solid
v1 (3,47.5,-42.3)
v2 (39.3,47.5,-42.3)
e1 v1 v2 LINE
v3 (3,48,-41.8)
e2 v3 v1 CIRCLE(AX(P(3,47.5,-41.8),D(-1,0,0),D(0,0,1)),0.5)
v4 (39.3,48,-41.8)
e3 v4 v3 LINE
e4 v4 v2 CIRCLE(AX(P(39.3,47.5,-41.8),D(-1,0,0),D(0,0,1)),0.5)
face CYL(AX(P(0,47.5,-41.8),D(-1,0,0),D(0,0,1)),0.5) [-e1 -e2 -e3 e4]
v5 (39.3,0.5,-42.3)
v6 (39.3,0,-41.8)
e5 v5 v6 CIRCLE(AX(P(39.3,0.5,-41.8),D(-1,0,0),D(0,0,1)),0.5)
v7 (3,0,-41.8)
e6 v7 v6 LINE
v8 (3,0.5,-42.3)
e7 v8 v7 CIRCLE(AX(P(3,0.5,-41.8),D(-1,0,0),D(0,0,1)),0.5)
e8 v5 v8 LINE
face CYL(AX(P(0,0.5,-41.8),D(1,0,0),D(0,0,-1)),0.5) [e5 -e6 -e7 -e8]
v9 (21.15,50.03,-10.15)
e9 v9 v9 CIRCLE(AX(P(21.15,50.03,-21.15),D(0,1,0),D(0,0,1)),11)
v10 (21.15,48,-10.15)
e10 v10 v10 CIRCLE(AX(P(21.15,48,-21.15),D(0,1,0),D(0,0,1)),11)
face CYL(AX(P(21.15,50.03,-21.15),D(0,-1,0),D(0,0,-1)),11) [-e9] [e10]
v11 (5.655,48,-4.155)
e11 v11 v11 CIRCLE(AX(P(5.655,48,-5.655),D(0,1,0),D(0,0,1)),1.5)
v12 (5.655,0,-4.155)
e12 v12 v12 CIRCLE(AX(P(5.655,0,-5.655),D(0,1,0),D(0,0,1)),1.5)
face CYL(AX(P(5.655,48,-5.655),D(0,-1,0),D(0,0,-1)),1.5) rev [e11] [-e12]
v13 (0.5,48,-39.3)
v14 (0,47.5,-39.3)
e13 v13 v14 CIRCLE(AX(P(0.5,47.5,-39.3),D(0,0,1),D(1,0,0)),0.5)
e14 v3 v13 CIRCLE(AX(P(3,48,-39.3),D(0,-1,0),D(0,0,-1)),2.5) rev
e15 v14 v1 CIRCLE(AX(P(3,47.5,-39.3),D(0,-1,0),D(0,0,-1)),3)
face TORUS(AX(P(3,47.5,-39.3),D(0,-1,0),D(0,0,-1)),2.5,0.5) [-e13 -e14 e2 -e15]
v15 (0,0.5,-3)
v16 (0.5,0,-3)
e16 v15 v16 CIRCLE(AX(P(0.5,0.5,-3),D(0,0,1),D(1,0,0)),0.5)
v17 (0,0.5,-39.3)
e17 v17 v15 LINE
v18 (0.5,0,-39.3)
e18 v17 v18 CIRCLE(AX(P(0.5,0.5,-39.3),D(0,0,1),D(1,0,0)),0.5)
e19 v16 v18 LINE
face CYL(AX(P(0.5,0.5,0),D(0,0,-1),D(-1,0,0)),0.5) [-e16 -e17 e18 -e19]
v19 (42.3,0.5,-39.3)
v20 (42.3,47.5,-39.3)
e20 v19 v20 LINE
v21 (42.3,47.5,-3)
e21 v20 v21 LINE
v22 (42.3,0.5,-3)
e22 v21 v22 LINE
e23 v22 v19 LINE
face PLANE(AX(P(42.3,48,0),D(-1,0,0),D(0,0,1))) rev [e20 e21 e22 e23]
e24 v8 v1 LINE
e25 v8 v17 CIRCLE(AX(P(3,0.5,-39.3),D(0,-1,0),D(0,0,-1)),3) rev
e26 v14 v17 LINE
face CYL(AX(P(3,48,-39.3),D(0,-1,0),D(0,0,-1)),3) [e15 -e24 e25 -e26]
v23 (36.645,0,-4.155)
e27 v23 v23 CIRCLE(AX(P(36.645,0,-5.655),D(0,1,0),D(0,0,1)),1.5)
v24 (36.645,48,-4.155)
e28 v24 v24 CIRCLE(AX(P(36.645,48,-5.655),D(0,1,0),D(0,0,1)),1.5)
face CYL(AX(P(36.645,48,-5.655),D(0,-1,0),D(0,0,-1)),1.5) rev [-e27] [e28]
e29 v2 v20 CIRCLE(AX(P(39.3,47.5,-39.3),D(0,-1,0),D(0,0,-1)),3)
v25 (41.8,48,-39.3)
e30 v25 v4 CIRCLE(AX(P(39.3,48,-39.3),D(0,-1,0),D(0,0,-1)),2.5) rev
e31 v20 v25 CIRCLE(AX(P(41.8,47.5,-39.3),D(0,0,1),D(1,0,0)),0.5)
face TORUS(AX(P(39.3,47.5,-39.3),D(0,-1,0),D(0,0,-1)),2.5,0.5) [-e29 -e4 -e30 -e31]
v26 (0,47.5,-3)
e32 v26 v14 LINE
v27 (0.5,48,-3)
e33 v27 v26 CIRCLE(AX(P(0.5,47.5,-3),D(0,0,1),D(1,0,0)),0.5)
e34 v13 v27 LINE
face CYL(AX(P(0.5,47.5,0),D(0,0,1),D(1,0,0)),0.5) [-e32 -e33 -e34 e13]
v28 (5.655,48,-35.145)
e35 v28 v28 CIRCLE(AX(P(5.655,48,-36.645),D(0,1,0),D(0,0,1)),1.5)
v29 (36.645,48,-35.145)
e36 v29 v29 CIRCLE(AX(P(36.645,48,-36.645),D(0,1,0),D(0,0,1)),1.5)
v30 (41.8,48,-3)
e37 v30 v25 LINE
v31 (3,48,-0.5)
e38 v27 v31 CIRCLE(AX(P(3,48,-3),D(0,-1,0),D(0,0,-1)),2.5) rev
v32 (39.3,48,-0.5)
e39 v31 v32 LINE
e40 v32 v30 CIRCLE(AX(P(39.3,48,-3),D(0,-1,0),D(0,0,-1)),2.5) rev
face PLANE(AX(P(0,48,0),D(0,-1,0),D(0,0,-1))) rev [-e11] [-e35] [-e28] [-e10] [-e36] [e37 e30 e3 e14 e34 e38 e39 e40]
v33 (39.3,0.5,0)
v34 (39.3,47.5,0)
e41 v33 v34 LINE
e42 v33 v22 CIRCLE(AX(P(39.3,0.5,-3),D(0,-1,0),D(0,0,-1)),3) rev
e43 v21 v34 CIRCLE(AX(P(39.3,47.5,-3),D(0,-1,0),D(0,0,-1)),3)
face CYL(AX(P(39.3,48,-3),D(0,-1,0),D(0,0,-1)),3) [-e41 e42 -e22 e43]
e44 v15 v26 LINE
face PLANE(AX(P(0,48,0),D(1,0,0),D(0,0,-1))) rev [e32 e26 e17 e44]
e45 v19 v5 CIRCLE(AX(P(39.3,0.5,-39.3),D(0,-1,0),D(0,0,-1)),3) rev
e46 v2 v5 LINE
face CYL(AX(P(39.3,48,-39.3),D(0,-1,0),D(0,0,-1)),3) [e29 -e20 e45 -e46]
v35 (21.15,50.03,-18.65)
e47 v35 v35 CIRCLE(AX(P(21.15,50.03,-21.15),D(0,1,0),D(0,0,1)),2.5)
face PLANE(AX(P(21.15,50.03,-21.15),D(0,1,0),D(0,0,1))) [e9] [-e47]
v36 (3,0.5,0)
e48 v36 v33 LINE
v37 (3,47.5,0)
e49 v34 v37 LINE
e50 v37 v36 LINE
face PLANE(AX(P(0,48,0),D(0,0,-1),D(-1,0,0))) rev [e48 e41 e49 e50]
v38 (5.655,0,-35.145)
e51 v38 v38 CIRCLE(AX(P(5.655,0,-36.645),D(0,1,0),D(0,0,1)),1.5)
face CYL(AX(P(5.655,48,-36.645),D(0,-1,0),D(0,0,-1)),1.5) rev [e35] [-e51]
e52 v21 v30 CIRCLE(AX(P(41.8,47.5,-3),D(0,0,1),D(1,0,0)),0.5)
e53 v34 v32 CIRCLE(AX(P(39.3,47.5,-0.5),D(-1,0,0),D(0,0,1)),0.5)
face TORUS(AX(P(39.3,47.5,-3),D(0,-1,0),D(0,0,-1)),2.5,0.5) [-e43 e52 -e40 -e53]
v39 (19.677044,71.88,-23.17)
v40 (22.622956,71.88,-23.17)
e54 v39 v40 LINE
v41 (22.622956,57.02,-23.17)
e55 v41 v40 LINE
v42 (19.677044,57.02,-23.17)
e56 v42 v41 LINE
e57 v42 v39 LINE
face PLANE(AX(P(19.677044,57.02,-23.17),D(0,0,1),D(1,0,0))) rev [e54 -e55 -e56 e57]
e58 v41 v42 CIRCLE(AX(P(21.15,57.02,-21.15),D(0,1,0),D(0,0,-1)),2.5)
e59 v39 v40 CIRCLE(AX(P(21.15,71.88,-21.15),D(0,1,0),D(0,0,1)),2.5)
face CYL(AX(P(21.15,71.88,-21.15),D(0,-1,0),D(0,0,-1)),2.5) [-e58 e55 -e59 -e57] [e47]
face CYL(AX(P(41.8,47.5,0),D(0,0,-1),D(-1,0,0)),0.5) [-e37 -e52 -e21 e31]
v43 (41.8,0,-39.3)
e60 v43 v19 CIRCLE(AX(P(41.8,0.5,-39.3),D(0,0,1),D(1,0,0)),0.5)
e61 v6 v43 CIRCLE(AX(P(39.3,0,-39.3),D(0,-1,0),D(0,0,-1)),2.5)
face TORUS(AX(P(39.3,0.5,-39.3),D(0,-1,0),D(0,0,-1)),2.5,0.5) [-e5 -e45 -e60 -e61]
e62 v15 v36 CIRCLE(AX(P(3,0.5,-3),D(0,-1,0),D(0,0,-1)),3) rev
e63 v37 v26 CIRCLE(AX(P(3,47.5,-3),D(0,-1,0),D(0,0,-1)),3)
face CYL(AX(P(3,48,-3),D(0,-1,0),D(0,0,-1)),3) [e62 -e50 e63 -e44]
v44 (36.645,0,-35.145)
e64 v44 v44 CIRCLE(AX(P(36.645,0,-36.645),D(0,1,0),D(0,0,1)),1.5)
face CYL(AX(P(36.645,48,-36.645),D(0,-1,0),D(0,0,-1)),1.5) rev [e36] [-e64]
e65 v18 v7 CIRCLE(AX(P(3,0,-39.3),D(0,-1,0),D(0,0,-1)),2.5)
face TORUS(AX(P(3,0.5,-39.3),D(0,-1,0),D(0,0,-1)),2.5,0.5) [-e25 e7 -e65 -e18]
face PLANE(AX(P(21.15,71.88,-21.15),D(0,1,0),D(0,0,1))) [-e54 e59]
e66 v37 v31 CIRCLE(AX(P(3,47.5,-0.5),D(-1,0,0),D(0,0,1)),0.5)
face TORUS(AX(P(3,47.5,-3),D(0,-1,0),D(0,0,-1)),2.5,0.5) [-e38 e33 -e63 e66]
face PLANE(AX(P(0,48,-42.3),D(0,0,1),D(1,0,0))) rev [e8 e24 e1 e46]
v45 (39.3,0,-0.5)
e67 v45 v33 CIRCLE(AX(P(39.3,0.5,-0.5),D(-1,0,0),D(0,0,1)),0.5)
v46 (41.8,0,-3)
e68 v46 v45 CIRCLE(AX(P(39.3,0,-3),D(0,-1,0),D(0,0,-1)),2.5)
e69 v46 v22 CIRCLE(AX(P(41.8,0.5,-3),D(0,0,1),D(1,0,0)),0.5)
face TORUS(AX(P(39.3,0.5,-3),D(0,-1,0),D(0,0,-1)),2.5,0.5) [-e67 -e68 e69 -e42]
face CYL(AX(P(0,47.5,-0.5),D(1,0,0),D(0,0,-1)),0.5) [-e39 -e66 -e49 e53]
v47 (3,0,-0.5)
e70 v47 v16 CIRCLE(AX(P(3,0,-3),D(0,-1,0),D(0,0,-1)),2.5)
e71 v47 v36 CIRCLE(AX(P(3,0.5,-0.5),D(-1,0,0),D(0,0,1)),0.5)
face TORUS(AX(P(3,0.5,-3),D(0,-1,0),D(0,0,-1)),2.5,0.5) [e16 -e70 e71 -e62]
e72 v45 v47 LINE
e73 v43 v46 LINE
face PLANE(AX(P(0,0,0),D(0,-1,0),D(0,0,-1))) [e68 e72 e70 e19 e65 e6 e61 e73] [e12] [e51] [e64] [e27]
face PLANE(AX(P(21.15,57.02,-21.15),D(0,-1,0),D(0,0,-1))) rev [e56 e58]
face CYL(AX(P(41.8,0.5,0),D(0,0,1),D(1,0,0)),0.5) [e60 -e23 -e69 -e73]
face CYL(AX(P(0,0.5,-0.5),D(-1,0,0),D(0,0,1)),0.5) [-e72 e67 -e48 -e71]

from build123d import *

# Parameters (mm, degrees)
SKETCH2_W           = 42.3
SKETCH2_H           = 42.3
SKETCH2_R           = 1.5
BOSS_EXTRUDE1_DEPTH = 48
SKETCH3_R           = 11
BOSS_EXTRUDE2_DEPTH = 2.03
SKETCH4_R           = 2.5
BOSS_EXTRUDE3_DEPTH = 21.85
CUT_EXTRUDE1_START  = -14.86
CUT_EXTRUDE1_DEPTH  = 14.86
FILLET1_R           = 3
FILLET2_R           = 0.5


with BuildPart() as part:
    # Sketch2 → Boss-Extrude1 (new body)
    with BuildSketch(Plane(origin=(0, 0, 0), x_dir=(1, 0, 0), z_dir=(0, 1, 0))):
        with Locations((21.15, 21.15)):
            Rectangle(SKETCH2_W, SKETCH2_H)
        with Locations(Location((5.655, 36.645, 0), (0, 0, 270))):
            Circle(SKETCH2_R, mode=Mode.SUBTRACT)
        with Locations(Location((36.645, 36.645, 0), (0, 0, 270))):
            Circle(SKETCH2_R, mode=Mode.SUBTRACT)
        with Locations(Location((36.645, 5.655, 0), (0, 0, 270))):
            Circle(SKETCH2_R, mode=Mode.SUBTRACT)
        with Locations(Location((5.655, 5.655, 0), (0, 0, 270))):
            Circle(SKETCH2_R, mode=Mode.SUBTRACT)
    extrude(amount=BOSS_EXTRUDE1_DEPTH)

    # Sketch3 → Boss-Extrude2 (add)
    with BuildSketch(Plane(origin=(0, 48, 0), x_dir=(1, 0, 0), z_dir=(0, 1, 0))):
        with Locations(Location((21.15, 21.15, 0), (0, 0, 270))):
            Circle(SKETCH3_R)
    extrude(amount=BOSS_EXTRUDE2_DEPTH)

    # Sketch4 → Boss-Extrude3 (add)
    with BuildSketch(Plane(origin=(0, 50.03, 0), x_dir=(1, 0, 0), z_dir=(0, 1, 0))):
        with Locations(Location((21.15, 21.15, 0), (0, 0, 270))):
            Circle(SKETCH4_R)
    extrude(amount=BOSS_EXTRUDE3_DEPTH)

    # Sketch5 → Cut-Extrude1 (cut)
    with BuildSketch(Plane(origin=(0, 71.88, 0), x_dir=(1, 0, 0), z_dir=(0, 1, 0)).offset(CUT_EXTRUDE1_START)):
        with BuildLine():
            Line((19.677043789, 23.17), (22.622956211, 23.17))
            ThreePointArc((22.622956211, 23.17), (21.15, 23.65), (19.677043789, 23.17))
        make_face()
    extrude(amount=CUT_EXTRUDE1_DEPTH, mode=Mode.SUBTRACT)

    # Fillet1
    fillet1_edges = [part.edges().sort_by_distance(p)[0] for p in [
        (0, 24, -42.3),
        (42.3, 24, -42.3),
        (42.3, 24, 0),
        (0, 24, 0),
    ]]
    fillet(fillet1_edges, radius=FILLET1_R)

    # Fillet2
    fillet2_edges = [part.edges().sort_by_distance(p)[0] for p in [
        (0, 0, -21.15),
        (0, 48, -21.15),
        (21.15, 0, -42.3),
        (42.3, 0, -21.15),
        (21.15, 0, 0),
        (0.878679656, 0, -0.878679656),
        (41.421320344, 0, -0.878679656),
        (41.421320344, 0, -41.421320344),
        (0.878679656, 0, -41.421320344),
        (21.15, 48, -42.3),
        (21.15, 48, 0),
        (42.3, 48, -21.15),
        (0.878679656, 48, -0.878679656),
        (41.421320344, 48, -0.878679656),
        (41.421320344, 48, -41.421320344),
        (0.878679656, 48, -41.421320344),
    ]]
    fillet(fillet2_edges, radius=FILLET2_R)


solid = part.part
